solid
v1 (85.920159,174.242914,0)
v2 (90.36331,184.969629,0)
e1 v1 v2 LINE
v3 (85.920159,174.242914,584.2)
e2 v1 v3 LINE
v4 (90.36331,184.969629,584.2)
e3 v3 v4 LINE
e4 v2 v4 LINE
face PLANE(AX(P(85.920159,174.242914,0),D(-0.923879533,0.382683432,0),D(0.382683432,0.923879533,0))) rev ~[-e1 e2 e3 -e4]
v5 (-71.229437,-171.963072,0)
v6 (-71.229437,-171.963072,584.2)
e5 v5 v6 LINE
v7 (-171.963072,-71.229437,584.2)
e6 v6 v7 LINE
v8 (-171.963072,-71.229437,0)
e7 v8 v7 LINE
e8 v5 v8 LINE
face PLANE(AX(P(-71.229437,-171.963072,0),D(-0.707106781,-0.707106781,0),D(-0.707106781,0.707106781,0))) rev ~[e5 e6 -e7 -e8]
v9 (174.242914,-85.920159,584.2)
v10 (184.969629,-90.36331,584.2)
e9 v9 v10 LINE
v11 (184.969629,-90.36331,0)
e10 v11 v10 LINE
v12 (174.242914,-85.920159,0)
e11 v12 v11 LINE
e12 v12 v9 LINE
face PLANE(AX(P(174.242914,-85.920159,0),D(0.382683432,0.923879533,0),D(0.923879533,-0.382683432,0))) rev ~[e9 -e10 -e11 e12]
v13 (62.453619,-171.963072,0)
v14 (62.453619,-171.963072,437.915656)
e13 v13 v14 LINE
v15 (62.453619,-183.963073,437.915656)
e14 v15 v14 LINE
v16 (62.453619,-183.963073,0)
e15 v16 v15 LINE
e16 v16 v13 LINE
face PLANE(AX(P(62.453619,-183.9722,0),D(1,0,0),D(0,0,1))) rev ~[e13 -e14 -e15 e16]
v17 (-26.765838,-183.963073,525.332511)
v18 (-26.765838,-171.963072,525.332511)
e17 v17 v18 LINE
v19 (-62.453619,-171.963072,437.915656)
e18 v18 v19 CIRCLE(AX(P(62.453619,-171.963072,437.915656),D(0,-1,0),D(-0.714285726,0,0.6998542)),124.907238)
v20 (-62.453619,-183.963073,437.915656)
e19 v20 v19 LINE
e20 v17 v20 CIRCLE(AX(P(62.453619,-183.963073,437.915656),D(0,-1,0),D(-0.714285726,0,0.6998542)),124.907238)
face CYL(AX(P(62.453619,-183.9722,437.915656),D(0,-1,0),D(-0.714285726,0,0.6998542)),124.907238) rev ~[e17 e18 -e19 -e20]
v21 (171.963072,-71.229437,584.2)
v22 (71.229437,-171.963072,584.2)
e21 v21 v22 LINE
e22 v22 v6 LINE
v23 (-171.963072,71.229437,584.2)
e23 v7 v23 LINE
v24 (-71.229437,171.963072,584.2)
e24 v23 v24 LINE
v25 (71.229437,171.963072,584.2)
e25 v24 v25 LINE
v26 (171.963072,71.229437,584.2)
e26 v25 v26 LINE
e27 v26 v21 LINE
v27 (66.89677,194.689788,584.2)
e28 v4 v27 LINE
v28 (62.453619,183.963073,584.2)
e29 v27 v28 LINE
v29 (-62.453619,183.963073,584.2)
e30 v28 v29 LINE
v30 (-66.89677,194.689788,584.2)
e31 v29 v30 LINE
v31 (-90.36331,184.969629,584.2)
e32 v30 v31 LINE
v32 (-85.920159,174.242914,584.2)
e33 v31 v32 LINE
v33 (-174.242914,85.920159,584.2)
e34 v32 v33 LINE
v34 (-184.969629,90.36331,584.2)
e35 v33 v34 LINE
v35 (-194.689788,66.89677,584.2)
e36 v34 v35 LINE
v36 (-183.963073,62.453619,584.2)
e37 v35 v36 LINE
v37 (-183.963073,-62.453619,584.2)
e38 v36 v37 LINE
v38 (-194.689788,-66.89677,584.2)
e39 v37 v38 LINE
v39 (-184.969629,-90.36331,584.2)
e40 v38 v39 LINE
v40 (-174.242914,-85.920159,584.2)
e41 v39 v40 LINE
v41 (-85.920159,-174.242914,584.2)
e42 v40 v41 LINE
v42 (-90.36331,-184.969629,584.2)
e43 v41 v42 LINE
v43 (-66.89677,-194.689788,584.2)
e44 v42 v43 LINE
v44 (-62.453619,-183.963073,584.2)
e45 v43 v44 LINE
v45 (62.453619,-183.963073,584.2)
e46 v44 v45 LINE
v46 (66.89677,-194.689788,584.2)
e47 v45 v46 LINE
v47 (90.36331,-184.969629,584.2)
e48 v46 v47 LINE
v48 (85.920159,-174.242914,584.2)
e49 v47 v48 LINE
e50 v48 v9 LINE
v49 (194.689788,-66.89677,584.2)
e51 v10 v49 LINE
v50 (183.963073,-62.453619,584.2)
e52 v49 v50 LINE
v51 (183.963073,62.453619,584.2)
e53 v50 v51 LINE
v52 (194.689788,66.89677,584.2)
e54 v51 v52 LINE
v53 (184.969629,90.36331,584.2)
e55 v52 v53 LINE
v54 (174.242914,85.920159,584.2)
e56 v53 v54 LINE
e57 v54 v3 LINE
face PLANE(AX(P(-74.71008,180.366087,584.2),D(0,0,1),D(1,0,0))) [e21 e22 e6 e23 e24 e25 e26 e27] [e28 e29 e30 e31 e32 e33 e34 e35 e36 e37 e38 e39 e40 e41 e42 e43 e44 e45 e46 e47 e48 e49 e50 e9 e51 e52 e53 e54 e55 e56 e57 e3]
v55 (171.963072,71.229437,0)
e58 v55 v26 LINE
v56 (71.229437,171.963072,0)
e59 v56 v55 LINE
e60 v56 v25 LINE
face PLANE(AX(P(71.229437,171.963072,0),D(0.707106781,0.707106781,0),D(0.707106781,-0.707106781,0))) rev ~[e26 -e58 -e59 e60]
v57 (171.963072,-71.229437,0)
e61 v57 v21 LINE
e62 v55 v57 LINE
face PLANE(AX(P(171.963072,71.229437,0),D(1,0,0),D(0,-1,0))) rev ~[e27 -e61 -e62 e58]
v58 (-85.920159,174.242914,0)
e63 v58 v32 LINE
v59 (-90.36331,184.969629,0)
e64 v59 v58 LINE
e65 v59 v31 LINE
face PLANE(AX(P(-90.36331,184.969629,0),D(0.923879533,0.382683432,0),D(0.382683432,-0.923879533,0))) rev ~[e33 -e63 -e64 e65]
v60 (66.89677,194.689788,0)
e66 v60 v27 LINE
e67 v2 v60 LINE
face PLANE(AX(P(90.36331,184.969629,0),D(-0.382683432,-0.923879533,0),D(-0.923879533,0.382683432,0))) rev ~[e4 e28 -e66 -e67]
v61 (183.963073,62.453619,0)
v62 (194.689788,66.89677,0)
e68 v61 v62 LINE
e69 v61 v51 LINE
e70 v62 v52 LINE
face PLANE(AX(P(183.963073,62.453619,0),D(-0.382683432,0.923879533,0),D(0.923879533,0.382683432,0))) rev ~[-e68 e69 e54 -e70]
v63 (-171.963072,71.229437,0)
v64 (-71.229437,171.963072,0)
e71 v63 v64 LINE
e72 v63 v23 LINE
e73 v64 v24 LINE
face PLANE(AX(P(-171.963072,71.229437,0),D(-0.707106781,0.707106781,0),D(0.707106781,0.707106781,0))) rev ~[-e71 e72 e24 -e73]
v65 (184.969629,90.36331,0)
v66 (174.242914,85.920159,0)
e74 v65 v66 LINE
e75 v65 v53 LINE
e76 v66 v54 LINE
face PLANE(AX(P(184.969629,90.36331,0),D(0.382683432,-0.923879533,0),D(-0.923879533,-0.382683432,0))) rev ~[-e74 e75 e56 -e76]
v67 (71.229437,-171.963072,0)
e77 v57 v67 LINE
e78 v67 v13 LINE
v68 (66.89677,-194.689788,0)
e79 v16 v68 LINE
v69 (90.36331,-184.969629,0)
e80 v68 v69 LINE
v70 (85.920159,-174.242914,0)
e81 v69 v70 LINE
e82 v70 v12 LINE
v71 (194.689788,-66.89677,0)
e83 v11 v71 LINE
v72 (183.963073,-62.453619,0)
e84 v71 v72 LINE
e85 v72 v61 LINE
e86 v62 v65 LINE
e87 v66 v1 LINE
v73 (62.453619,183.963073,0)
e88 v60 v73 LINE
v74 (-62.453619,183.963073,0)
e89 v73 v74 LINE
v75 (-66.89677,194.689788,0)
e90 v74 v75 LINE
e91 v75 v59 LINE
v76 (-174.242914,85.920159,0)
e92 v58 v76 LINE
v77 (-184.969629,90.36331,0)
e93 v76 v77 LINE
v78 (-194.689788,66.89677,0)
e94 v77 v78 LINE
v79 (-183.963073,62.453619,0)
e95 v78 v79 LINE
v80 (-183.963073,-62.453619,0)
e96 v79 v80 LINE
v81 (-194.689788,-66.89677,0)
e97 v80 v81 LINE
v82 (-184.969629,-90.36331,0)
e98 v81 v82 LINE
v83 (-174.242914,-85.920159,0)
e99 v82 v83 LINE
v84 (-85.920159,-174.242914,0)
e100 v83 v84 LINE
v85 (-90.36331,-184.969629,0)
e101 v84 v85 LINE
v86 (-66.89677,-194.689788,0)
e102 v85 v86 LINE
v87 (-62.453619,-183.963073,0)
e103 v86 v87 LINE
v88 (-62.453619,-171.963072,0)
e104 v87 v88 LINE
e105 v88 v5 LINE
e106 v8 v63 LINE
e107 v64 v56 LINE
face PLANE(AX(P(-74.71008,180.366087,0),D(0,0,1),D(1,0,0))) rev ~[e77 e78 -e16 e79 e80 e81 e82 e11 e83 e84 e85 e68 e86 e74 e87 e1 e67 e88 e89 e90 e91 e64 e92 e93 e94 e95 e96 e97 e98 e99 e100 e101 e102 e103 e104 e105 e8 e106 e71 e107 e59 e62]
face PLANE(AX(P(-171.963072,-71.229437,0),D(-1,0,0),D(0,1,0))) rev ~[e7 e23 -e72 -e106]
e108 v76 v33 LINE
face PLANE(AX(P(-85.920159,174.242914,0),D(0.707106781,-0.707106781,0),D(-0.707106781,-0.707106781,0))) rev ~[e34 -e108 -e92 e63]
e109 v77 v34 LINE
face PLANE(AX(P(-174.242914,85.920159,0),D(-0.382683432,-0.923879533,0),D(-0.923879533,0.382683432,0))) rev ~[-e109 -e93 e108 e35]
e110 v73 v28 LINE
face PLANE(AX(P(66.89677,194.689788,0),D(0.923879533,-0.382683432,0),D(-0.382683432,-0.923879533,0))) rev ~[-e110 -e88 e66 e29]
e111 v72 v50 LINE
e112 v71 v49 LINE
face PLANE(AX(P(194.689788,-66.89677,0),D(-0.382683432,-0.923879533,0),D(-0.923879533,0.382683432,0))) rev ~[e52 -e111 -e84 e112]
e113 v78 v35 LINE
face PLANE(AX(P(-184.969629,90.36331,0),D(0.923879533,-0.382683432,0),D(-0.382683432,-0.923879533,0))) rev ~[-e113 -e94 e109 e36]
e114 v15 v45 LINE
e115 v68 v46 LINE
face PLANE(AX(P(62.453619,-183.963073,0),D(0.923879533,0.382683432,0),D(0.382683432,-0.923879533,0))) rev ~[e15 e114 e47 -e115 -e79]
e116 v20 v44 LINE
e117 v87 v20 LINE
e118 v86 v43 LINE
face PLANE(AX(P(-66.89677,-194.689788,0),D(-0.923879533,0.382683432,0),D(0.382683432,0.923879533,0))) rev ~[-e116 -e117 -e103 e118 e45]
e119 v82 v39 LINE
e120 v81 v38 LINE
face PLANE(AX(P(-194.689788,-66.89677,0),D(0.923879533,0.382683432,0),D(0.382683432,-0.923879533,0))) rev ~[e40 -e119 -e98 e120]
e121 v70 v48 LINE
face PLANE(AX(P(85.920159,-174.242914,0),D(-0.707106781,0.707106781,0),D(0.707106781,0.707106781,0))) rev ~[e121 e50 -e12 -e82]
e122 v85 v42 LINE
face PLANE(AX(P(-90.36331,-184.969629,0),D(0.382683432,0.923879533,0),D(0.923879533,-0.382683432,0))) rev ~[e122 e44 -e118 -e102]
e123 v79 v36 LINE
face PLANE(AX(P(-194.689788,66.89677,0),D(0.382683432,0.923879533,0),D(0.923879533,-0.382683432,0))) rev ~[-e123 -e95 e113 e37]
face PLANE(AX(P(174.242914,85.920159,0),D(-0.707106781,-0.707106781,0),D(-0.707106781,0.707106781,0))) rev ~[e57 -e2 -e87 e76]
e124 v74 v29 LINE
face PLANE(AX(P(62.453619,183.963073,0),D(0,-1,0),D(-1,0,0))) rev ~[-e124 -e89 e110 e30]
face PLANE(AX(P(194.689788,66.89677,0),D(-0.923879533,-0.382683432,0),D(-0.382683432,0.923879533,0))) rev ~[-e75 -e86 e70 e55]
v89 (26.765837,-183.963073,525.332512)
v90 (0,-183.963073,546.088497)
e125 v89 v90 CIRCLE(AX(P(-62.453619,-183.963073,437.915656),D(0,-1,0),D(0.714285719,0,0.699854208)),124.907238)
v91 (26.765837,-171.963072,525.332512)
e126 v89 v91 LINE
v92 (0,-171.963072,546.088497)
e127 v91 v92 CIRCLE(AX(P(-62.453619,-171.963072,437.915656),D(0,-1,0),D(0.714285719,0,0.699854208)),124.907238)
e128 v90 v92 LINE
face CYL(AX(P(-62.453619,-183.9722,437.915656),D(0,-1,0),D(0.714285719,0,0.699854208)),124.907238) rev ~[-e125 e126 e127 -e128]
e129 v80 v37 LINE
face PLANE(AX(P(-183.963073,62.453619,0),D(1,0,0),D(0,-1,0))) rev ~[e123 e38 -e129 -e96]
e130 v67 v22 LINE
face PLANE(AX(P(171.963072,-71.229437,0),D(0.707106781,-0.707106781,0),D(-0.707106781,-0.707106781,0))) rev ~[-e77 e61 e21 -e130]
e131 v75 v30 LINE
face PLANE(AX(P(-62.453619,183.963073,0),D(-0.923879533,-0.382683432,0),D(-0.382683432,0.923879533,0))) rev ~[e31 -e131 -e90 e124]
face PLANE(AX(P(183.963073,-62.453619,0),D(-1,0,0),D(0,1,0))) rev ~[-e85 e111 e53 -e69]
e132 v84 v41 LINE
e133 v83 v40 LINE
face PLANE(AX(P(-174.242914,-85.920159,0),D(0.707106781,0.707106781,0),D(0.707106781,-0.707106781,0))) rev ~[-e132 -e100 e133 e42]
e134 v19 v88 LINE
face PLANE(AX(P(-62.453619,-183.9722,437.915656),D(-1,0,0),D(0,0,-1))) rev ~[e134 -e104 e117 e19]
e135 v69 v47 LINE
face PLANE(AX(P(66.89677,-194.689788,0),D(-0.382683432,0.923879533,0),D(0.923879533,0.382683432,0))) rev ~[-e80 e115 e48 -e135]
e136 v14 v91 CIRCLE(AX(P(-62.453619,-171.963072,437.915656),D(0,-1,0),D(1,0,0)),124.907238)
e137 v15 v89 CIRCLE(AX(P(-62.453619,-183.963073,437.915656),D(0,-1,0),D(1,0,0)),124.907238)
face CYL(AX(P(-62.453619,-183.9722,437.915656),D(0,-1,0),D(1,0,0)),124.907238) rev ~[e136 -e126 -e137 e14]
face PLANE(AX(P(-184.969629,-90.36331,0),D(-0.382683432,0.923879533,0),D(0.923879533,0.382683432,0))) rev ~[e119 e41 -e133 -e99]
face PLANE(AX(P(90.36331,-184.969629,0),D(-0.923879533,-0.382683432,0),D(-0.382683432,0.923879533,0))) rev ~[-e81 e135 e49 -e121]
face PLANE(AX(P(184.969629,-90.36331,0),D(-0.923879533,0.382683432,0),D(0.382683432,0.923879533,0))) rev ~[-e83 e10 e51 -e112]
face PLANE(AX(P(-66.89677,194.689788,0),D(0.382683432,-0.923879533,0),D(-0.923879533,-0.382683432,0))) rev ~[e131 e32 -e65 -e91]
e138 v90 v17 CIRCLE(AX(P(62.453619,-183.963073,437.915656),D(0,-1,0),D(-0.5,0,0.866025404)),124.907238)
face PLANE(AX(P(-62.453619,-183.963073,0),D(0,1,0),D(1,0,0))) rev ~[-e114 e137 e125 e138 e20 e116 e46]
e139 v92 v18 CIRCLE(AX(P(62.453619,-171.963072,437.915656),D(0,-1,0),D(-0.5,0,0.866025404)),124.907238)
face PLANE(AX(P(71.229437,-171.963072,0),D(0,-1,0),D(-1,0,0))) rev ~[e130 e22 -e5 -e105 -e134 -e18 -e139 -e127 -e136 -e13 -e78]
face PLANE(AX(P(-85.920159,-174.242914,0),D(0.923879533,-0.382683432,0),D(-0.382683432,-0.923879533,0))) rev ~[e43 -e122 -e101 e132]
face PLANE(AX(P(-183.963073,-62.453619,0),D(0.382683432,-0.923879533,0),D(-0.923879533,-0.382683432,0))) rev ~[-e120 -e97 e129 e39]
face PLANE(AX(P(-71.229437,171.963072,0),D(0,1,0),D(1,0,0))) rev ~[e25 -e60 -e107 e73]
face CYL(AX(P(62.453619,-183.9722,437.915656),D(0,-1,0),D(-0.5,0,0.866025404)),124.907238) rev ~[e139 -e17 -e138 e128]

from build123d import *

# Parameters (mm, degrees)
F3_DEPTH = 584.2
F4_DEPTH = 25.4


with BuildPart() as f3:
    # F0 (on Top) → F3 (new body)
    with BuildSketch(Plane.XY):
        Polygon((-85.9201591821, 174.2429142708), (-62.4536190563, 183.9630734528), (-76.2, 183.9630734528), align=None)
        Polygon((-62.4536190563, -183.9630734528), (-85.9201591821, -174.2429142708), (-76.2, -183.9630734528), align=None)
        Polygon((90.3633098584, -184.9696288932), (85.9201591821, -174.2429142708), (76.2, -183.9630734528), (62.4536190563, -183.9630734528), (66.8967697326, -194.6897880753), align=None)
        Polygon((62.4536190563, 183.9630734528), (76.2, 183.9630734528), (85.9201591821, 174.2429142708), (90.3633098584, 184.9696288932), (66.8967697326, 194.6897880753), align=None)
        Polygon((-183.9630734528, 76.2), (-174.2429142708, 85.9201591821), (-184.9696288932, 90.3633098584), (-194.6897880753, 66.8967697326), (-183.9630734528, 62.4536190563), align=None)
        Polygon((85.9201591821, 174.2429142708), (76.2, 183.9630734528), (62.4536190563, 183.9630734528), align=None)
        Polygon((183.9630734528, -76.2), (183.9630734528, -62.4536190563), (174.2429142708, -85.9201591821), align=None)
        Polygon((-183.9630734528, -76.2), (-183.9630734528, -62.4536190563), (-194.6897880753, -66.8967697326), (-184.9696288932, -90.3633098584), (-174.2429142708, -85.9201591821), align=None)
        Polygon((-76.2, -183.9630734528), (-85.9201591821, -174.2429142708), (-90.3633098584, -184.9696288932), (-66.8967697326, -194.6897880753), (-62.4536190563, -183.9630734528), align=None)
        Polygon((85.9201591821, 174.2429142708), (62.4536190563, 183.9630734528), (-62.4536190563, 183.9630734528), (-85.9201591821, 174.2429142708), (-174.2429142708, 85.9201591821), (-183.9630734528, 62.4536190563), (-183.9630734528, -62.4536190563), (-174.2429142708, -85.9201591821), (-85.9201591821, -174.2429142708), (-62.4536190563, -183.9630734528), (62.4536190563, -183.9630734528), (85.9201591821, -174.2429142708), (174.2429142708, -85.9201591821), (183.9630734528, -62.4536190563), (183.9630734528, 62.4536190563), (174.2429142708, 85.9201591821), align=None)
        Polygon((71.2294366716, -171.9630720528), (-71.2294366716, -171.9630720528), (-171.9630720528, -71.2294366716), (-171.9630720528, 71.2294366716), (-71.2294366716, 171.9630720528), (71.2294366716, 171.9630720528), (171.9630720528, 71.2294366716), (171.9630720528, -71.2294366716), align=None, mode=Mode.SUBTRACT)
        Polygon((-174.2429142708, -85.9201591821), (-183.9630734528, -62.4536190563), (-183.9630734528, -76.2), align=None)
        Polygon((183.9630734528, 76.2), (174.2429142708, 85.9201591821), (183.9630734528, 62.4536190563), align=None)
        Polygon((184.9696288932, 90.3633098584), (174.2429142708, 85.9201591821), (183.9630734528, 76.2), (183.9630734528, 62.4536190563), (194.6897880753, 66.8967697326), align=None)
        Polygon((-76.2, 183.9630734528), (-62.4536190563, 183.9630734528), (-66.8967697326, 194.6897880753), (-90.3633098584, 184.9696288932), (-85.9201591821, 174.2429142708), align=None)
        Polygon((76.2, -183.9630734528), (85.9201591821, -174.2429142708), (62.4536190563, -183.9630734528), align=None)
        Polygon((-183.9630734528, 62.4536190563), (-174.2429142708, 85.9201591821), (-183.9630734528, 76.2), align=None)
        Polygon((194.6897880753, -66.8967697326), (183.9630734528, -62.4536190563), (183.9630734528, -76.2), (174.2429142708, -85.9201591821), (184.9696288932, -90.3633098584), align=None)
    extrude(amount=F3_DEPTH)

    # F2 (on offset) → F4 (cut)
    with BuildSketch(Plane.XZ.offset(183.9722)):
        with BuildLine():
            Line((-62.4536190563, 437.9156558341), (-62.4536190563, 313.0084177215))
            ThreePointArc((-62.4536190563, 313.0084177215), (-54.3861816169, 357.1703822562), (-31.2259793929, 395.6277312463))
            ThreePointArc((-31.2259793929, 395.6277312463), (-22.3012443417, 404.7604273088), (-12.4907230026, 412.934208818))
            ThreePointArc((-12.4907230026, 412.934208818), (-45.1918628412, 409.9855480779), (-62.4536190563, 437.9156558341))
        make_face()
        with BuildLine():
            ThreePointArc((0, 437.9156558341), (4.5964967998, 454.2233251126), (17.0328049082, 465.7301101008))
            ThreePointArc((17.0328049082, 465.7301101008), (5.812e-07, 461.6352841115), (-17.0328038727, 465.7301095724))
            ThreePointArc((-17.0328038727, 465.7301095724), (-4.5964964963, 454.2233246169), (0, 437.9156558341))
        make_face()
        with BuildLine():
            ThreePointArc((-26.7658382314, 525.3325110407), (-6.853e-07, 536.5796269791), (26.7658372722, 525.3325120196))
            ThreePointArc((26.7658372722, 525.3325120196), (14.0897227764, 536.6219623904), (0, 546.0884971561))
            ThreePointArc((0, 546.0884971561), (-14.0897233179, 536.6219619705), (-26.7658382314, 525.3325110407))
        make_face()
        with BuildLine():
            ThreePointArc((-26.7658382314, 525.3325110407), (-53.1880129986, 485.1261532748), (-62.4536190563, 437.9156558341))
            ThreePointArc((-62.4536190563, 437.9156558341), (-47.534478311, 464.5459688659), (-17.0328038727, 465.7301095724))
            ThreePointArc((-17.0328038727, 465.7301095724), (-36.9823177713, 493.0682665082), (-26.7658382314, 525.3325110407))
        make_face()
        with BuildLine():
            ThreePointArc((37.4721714338, 499.1074555453), (34.6924896396, 513.2706047207), (26.7658372722, 525.3325120196))
            ThreePointArc((26.7658372722, 525.3325120196), (-6.853e-07, 536.5796269791), (-26.7658382314, 525.3325110407))
            ThreePointArc((-26.7658382314, 525.3325110407), (-36.9823177713, 493.0682665082), (-17.0328038727, 465.7301095724))
            ThreePointArc((-17.0328038727, 465.7301095724), (5.812e-07, 461.6352841115), (17.0328049082, 465.7301101008))
            ThreePointArc((17.0328049082, 465.7301101008), (31.9563750876, 479.5382521067), (37.4721714338, 499.1074555453))
        make_face()
        with BuildLine():
            ThreePointArc((12.4907234688, 412.9342084684), (45.1918631018, 409.9855482082), (62.4536190563, 437.9156558341))
            ThreePointArc((62.4536190563, 437.9156558341), (47.5344788067, 464.5459685624), (17.0328049082, 465.7301101008))
            ThreePointArc((17.0328049082, 465.7301101008), (4.5964967998, 454.2233251126), (0, 437.9156558341))
            ThreePointArc((0, 437.9156558341), (3.2967019023, 423.9506022605), (12.4907234688, 412.9342084684))
        make_face()
        with BuildLine():
            ThreePointArc((17.0328049082, 465.7301101008), (47.5344788067, 464.5459685624), (62.4536190563, 437.9156558341))
            ThreePointArc((62.4536190563, 437.9156558341), (53.1880127395, 485.1261539093), (26.7658372722, 525.3325120196))
            ThreePointArc((26.7658372722, 525.3325120196), (34.6924896396, 513.2706047207), (37.4721714338, 499.1074555453))
            ThreePointArc((37.4721714338, 499.1074555453), (31.9563750876, 479.5382521067), (17.0328049082, 465.7301101008))
        make_face()
        with BuildLine():
            ThreePointArc((0, 313.0084177215), (8.0669826088, 357.170088762), (31.2259793929, 395.6277312463))
            ThreePointArc((31.2259793929, 395.6277312463), (22.3012445557, 404.7604271111), (12.4907234688, 412.9342084684))
            ThreePointArc((12.4907234688, 412.9342084684), (6.3690038411, 417.2449982028), (0, 421.1812590435))
            ThreePointArc((0, 421.1812590435), (-6.369003598, 417.2449983633), (-12.4907230026, 412.934208818))
            ThreePointArc((-12.4907230026, 412.934208818), (-22.3012443417, 404.7604273088), (-31.2259793929, 395.6277312463))
            ThreePointArc((-31.2259793929, 395.6277312463), (-8.0669826088, 357.170088762), (0, 313.0084177215))
        make_face()
        with BuildLine():
            ThreePointArc((-17.0328038727, 465.7301095724), (-47.534478311, 464.5459688659), (-62.4536190563, 437.9156558341))
            ThreePointArc((-62.4536190563, 437.9156558341), (-45.1918628412, 409.9855480779), (-12.4907230026, 412.934208818))
            ThreePointArc((-12.4907230026, 412.934208818), (-3.296701772, 423.950602521), (0, 437.9156558341))
            ThreePointArc((0, 437.9156558341), (-4.5964964963, 454.2233246169), (-17.0328038727, 465.7301095724))
        make_face()
        with BuildLine():
            ThreePointArc((31.2259793929, 395.6277312463), (54.3861816169, 357.1703822562), (62.4536190563, 313.0084177215))
            Line((62.4536190563, 313.0084177215), (62.4536190563, 437.9156558341))
            ThreePointArc((62.4536190563, 437.9156558341), (45.1918631018, 409.9855482082), (12.4907234688, 412.9342084684))
            ThreePointArc((12.4907234688, 412.9342084684), (22.3012445557, 404.7604271111), (31.2259793929, 395.6277312463))
        make_face()
        with BuildLine():
            ThreePointArc((0, 421.1812590435), (6.3690038411, 417.2449982028), (12.4907234688, 412.9342084684))
            ThreePointArc((12.4907234688, 412.9342084684), (3.2967019023, 423.9506022605), (0, 437.9156558341))
            ThreePointArc((0, 437.9156558341), (-3.296701772, 423.950602521), (-12.4907230026, 412.934208818))
            ThreePointArc((-12.4907230026, 412.934208818), (-6.369003598, 417.2449983633), (0, 421.1812590435))
        make_face()
        with BuildLine():
            Line((-62.4536190563, 0), (62.4536190563, 0))
            Line((62.4536190563, 0), (62.4536190563, 313.0084177215))
            ThreePointArc((62.4536190563, 313.0084177215), (54.3861816169, 357.1703822562), (31.2259793929, 395.6277312463))
            ThreePointArc((31.2259793929, 395.6277312463), (8.0669826088, 357.170088762), (0, 313.0084177215))
            ThreePointArc((0, 313.0084177215), (-8.0669826088, 357.170088762), (-31.2259793929, 395.6277312463))
            ThreePointArc((-31.2259793929, 395.6277312463), (-54.3861816169, 357.1703822562), (-62.4536190563, 313.0084177215))
            Line((-62.4536190563, 313.0084177215), (-62.4536190563, 0))
        make_face()
    extrude(amount=-F4_DEPTH, mode=Mode.SUBTRACT)


solid = f3.part
